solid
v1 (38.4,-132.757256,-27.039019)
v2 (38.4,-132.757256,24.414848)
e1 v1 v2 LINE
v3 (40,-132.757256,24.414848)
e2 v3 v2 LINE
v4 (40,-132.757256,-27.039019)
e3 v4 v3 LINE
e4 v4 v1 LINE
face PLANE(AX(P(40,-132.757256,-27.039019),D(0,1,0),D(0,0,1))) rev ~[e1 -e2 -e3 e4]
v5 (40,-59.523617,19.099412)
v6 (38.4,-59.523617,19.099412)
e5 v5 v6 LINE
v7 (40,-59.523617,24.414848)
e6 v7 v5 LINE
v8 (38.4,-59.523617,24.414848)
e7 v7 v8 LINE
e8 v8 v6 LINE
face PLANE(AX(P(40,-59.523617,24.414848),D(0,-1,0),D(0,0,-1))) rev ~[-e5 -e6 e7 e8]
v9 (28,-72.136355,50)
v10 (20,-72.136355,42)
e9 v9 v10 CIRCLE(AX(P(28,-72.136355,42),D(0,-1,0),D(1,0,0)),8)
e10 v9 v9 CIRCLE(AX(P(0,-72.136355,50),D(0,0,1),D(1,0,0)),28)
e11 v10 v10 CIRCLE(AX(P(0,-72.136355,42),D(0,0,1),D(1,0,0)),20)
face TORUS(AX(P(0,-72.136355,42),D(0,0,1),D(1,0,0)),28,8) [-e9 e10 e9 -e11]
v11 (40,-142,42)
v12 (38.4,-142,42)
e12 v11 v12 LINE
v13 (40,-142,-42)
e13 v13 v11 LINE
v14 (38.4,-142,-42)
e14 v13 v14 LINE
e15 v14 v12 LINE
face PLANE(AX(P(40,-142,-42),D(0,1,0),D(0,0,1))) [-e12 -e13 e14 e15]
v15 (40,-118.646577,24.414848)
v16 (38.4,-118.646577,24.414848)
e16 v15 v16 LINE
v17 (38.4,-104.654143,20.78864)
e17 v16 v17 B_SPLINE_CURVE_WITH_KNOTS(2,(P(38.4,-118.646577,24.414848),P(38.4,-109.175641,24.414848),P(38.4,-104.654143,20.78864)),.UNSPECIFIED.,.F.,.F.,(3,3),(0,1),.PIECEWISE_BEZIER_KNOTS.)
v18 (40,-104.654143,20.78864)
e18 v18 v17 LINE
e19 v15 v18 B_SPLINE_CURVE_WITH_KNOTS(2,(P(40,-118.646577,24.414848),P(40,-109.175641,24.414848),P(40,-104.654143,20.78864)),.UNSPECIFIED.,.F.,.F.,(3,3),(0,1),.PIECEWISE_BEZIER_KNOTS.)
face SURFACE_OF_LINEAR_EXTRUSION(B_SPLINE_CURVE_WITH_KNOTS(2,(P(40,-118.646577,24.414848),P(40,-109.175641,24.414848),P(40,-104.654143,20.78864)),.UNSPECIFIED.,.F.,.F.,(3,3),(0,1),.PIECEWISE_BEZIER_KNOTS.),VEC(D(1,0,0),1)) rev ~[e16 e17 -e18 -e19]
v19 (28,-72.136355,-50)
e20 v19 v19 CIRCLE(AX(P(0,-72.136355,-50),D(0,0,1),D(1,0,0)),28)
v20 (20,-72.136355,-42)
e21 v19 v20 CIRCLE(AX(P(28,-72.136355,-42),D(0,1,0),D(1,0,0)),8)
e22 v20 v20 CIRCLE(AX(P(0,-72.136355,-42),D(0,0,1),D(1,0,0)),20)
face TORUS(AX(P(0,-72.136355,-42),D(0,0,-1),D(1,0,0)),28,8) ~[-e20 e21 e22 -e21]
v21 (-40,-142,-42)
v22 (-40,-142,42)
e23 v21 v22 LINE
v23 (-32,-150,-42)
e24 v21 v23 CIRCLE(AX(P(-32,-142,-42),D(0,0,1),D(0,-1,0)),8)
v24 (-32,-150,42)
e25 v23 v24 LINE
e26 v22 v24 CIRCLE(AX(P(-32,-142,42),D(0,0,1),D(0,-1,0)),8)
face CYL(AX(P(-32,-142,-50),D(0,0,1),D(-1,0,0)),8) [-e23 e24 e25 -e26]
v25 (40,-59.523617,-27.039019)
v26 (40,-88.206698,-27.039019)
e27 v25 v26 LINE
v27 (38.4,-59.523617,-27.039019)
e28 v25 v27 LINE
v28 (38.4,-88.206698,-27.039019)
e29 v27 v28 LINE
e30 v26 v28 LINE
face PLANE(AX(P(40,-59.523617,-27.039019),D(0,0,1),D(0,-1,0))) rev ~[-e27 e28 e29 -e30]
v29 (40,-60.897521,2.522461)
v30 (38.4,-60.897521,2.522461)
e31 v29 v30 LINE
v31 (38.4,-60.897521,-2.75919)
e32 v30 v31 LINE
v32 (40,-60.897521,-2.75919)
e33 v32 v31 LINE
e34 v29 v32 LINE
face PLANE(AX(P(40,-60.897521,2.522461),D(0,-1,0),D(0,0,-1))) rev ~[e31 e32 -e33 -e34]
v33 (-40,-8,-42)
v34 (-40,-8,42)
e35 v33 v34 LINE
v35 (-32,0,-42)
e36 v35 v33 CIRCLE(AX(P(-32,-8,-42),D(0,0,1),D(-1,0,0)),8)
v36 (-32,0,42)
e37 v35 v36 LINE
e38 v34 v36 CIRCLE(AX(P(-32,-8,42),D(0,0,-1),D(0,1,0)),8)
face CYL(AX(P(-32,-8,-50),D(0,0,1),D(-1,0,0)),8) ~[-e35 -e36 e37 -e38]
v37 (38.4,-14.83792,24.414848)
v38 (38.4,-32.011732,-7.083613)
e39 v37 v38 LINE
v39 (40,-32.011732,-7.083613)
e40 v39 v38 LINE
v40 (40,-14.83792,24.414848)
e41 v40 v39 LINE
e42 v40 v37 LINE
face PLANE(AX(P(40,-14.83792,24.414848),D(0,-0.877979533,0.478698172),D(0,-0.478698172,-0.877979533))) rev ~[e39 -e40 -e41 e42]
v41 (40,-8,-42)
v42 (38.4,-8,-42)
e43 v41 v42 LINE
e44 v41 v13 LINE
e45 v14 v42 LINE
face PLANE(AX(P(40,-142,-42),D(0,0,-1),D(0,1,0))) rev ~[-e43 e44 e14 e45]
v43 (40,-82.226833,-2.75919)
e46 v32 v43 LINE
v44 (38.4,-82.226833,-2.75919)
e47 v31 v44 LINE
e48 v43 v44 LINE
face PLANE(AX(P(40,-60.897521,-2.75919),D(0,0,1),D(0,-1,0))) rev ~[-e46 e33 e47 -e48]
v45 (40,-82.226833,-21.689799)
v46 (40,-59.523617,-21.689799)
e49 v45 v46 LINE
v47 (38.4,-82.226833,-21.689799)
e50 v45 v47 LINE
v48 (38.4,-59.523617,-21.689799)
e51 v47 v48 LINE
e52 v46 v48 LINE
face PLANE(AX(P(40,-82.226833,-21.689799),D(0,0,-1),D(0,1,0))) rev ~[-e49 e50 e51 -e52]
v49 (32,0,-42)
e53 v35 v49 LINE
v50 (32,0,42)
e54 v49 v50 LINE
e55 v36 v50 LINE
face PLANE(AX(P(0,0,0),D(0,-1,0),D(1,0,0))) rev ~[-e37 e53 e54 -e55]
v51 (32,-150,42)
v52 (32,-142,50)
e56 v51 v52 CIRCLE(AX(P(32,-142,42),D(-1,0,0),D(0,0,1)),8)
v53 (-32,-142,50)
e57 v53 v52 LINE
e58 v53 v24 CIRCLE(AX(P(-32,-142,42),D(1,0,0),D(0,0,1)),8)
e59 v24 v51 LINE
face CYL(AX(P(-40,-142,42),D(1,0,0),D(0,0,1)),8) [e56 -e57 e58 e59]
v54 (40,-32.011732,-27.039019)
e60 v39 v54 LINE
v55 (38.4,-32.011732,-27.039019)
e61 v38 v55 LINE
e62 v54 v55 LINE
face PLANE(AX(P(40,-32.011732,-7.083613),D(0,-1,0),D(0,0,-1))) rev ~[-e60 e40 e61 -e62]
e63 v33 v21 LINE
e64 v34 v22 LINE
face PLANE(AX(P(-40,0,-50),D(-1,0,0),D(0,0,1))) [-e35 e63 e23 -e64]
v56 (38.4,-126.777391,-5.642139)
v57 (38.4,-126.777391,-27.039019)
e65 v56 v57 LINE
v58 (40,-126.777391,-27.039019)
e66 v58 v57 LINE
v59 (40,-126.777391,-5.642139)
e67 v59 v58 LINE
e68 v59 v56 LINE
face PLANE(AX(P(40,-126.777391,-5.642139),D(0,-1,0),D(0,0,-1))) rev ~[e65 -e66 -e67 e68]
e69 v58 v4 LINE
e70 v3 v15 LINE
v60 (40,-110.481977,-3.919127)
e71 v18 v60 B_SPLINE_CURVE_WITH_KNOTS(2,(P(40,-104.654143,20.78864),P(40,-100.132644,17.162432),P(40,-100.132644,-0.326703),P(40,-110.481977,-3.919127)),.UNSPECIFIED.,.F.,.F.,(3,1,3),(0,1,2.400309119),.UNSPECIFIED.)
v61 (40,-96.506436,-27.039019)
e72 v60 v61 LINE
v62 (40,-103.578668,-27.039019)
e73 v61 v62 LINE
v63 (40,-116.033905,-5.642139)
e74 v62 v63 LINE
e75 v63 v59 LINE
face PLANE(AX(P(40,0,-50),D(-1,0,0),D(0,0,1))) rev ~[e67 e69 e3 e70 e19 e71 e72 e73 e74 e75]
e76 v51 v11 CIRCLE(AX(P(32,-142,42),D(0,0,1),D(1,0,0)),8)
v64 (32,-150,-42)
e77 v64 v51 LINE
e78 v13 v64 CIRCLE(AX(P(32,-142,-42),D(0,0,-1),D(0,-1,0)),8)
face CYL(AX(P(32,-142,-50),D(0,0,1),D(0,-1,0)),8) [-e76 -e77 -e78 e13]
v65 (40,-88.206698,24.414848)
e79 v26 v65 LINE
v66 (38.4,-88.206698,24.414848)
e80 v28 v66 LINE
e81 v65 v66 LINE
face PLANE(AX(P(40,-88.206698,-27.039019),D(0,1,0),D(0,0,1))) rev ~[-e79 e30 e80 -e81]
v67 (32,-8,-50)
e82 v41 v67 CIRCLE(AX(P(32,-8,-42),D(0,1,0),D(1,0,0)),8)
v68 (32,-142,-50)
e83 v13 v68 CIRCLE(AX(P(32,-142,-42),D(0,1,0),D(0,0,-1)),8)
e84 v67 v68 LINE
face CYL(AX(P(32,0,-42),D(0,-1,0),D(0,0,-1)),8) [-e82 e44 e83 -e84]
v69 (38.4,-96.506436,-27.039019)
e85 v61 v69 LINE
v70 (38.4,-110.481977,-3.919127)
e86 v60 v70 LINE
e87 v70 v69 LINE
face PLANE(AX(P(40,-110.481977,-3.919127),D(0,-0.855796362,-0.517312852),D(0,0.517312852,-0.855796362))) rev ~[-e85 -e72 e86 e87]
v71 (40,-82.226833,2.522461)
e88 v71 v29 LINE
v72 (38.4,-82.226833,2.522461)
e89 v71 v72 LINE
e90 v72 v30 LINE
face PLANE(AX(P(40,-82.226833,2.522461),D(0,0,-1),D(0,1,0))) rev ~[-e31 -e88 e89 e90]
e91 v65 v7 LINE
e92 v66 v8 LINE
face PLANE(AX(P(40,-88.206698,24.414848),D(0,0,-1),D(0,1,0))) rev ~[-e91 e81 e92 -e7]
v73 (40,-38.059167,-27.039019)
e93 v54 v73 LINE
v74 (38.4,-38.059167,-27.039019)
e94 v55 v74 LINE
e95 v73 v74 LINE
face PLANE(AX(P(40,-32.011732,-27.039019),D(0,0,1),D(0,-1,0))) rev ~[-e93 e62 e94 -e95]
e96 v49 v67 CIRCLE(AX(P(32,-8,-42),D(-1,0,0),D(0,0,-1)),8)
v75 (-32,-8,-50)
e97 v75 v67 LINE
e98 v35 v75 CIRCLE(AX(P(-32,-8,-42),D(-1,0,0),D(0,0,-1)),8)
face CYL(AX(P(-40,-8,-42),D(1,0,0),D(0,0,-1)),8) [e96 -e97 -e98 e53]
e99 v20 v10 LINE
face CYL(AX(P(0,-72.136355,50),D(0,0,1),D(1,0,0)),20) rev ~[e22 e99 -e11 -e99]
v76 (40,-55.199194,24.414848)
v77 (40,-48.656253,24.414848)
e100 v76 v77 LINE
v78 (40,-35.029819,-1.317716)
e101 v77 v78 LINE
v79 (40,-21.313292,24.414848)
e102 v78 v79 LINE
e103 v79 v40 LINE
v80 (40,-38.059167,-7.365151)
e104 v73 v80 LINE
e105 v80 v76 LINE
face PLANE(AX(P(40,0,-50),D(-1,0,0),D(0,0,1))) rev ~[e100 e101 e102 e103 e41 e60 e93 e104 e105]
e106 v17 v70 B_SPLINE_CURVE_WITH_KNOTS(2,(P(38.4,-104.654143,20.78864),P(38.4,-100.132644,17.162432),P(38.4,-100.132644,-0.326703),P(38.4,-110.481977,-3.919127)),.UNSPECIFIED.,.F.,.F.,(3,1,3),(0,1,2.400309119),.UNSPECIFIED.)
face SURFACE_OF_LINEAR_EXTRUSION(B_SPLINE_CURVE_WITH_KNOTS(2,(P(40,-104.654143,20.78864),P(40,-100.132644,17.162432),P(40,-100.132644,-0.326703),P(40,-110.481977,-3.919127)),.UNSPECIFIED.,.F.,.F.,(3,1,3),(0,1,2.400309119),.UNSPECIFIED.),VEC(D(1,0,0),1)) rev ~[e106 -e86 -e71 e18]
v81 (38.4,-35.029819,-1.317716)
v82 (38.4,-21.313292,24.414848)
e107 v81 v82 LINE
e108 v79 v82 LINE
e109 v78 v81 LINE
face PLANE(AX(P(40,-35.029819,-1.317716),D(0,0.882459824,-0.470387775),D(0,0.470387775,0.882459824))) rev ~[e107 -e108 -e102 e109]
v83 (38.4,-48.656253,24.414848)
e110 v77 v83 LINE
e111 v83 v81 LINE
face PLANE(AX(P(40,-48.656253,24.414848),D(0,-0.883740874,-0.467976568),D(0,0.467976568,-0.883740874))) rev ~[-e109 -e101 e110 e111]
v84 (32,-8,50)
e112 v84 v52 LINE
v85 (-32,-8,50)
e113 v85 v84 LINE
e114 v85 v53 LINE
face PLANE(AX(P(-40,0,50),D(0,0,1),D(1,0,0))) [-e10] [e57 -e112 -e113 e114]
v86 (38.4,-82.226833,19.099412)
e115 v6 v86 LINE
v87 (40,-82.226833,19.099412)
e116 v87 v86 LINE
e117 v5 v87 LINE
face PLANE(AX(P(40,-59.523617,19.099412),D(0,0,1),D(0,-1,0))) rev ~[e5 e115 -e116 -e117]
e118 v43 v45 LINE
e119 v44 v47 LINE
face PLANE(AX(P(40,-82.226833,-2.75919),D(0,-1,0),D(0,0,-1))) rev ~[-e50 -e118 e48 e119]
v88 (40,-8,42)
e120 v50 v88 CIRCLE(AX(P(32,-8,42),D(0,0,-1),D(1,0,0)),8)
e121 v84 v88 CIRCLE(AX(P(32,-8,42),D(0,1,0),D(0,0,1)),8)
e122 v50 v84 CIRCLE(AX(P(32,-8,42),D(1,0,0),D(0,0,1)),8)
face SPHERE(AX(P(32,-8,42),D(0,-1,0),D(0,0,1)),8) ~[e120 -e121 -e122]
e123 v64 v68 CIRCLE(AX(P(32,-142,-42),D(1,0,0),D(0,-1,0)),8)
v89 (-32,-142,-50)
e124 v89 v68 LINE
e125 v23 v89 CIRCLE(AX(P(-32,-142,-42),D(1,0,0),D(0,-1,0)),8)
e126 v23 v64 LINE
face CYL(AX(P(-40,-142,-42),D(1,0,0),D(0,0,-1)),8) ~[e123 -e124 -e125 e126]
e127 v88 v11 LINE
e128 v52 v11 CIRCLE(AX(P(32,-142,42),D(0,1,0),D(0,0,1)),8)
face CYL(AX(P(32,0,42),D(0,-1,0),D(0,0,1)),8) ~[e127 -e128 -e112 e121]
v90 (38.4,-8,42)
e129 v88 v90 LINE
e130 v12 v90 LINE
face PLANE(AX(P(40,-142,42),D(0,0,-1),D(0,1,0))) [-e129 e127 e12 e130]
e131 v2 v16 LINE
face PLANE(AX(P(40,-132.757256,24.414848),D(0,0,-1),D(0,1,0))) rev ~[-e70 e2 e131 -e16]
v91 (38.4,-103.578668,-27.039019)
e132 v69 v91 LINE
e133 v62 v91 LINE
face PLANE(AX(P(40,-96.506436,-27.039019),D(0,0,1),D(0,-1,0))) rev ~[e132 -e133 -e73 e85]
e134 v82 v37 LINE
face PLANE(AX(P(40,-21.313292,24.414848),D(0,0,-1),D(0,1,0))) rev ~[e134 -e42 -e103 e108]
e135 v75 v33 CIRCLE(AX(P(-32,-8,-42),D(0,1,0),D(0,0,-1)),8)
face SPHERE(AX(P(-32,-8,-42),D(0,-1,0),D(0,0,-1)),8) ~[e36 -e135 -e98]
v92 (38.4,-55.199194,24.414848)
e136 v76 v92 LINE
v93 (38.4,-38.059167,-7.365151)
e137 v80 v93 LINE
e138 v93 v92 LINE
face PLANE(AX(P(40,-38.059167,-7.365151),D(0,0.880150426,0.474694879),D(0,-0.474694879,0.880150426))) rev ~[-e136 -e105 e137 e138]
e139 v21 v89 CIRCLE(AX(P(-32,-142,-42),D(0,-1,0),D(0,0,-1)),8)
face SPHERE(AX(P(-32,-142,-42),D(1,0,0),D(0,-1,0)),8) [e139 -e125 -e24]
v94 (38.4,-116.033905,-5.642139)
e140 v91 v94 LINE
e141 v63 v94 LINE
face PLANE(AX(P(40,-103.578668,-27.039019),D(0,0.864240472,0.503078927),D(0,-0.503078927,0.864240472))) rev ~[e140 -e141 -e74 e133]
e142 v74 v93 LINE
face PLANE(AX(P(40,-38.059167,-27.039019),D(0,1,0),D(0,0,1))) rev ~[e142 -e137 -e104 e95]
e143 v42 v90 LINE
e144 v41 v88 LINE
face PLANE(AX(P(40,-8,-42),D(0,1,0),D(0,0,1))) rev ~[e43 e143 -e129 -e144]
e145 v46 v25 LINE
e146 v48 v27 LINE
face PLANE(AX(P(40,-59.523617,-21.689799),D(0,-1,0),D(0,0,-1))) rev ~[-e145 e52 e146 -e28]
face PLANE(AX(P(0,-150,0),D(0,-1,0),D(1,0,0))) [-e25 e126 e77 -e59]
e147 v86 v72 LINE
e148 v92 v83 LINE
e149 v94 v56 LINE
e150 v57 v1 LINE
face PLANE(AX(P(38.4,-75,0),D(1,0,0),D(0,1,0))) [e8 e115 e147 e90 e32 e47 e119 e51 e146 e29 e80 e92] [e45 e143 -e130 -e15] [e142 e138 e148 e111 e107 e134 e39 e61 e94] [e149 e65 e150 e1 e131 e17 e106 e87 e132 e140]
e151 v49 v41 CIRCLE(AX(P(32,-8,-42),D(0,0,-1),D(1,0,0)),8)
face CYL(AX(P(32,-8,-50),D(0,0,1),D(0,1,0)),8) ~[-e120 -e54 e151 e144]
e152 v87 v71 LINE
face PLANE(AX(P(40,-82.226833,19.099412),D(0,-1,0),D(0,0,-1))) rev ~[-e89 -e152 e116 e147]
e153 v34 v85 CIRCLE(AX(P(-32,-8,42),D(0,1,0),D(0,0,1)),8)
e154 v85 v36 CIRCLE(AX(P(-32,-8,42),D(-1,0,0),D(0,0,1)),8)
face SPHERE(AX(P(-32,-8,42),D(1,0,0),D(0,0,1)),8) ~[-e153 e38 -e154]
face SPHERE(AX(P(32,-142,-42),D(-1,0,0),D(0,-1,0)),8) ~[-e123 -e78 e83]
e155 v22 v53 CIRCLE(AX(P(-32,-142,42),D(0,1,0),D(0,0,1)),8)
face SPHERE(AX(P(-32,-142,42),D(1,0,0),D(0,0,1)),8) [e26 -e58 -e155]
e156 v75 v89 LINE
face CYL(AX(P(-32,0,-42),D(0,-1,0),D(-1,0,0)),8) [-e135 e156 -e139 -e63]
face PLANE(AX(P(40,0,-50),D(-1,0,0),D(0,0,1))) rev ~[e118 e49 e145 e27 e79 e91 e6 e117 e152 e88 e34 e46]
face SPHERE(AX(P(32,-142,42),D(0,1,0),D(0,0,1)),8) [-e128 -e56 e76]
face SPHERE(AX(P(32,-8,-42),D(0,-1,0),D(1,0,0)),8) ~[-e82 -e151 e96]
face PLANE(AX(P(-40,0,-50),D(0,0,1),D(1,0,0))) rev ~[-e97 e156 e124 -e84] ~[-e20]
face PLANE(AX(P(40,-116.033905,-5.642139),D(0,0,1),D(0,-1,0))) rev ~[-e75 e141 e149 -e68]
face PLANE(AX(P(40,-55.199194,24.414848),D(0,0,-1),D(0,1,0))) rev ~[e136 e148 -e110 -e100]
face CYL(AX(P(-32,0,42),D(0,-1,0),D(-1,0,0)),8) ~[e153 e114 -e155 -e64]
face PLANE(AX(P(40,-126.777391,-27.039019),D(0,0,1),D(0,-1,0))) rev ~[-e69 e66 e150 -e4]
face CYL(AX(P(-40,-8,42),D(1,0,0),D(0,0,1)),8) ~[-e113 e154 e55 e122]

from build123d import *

# Parameters (mm, degrees)
F0_W     = 80
F0_H     = 100
F1_DEPTH = 150
F2_R     = 20
F3_DEPTH = 141.9
F4_R     = 8
F5_W     = 134
F5_H     = 84
F6_DEPTH = 1.6


with BuildPart() as f1:
    # F0 (on Front) → F1 (new body)
    with BuildSketch(Plane.XZ):
        Rectangle(F0_W, F0_H)
    extrude(amount=F1_DEPTH)

    # F2 (on face) → F3 (cut, symmetric)
    with BuildSketch(Plane.XY.offset(50)):
        with Locations((0, -72.1363547525)):
            Circle(F2_R)
    extrude(amount=F3_DEPTH, both=True, mode=Mode.SUBTRACT)

    # F4
    f4_edges = [f1.edges().sort_by_distance(p)[0] for p in [
        (40, -75, 50),
        (0, 0, 50),
        (0, -150, 50),
        (-40, -75, 50),
        (-20, -72.136355, 50),
        (0, -150, -50),
        (40, -150, 0),
        (-40, -150, 0),
        (40, -75, -50),
        (40, 0, 0),
        (-40, -75, -50),
        (0, 0, -50),
        (-20, -72.136355, -50),
        (-40, 0, 0),
    ]]
    fillet(f4_edges, radius=F4_R)

    # F5 (on face) → F6 (cut)
    with BuildSketch(Plane.YZ.offset(40)):
        with Locations((-75, 0)):
            Rectangle(F5_W, F5_H)
        with BuildLine():
            Line((-116.0339047565, -5.6421386253), (-126.7773912041, -5.6421386253))
            Line((-126.7773912041, -5.6421386253), (-126.7773912041, -27.0390193909))
            Line((-126.7773912041, -27.0390193909), (-132.7572563023, -27.0390193909))
            Line((-132.7572563023, -27.0390193909), (-132.7572563023, 24.4148480924))
            Line((-132.7572563023, 24.4148480924), (-118.6465765131, 24.4148480924))
            add(Edge.make_bspline(
                [(-118.6465765131, 24.4148480924), (-109.1756413953, 24.4148480924), (-104.654142644, 20.7886398784)],
                knots=[0, 0, 0, 1, 1, 1], degree=2))
            add(Edge.make_bspline(
                [(-104.654142644, 20.7886398784), (-100.1326438927, 17.1624316645), (-100.1326438927, 9.876230688)],
                knots=[0, 0, 0, 1, 1, 1], degree=2))
            add(Edge.make_bspline(
                [(-100.1326438927, 9.876230688), (-100.1326438927, -0.3267029824), (-110.4819772736, -3.9191266478)],
                knots=[0, 0, 0, 1, 1, 1], degree=2))
            Line((-110.4819772736, -3.9191266478), (-96.5064356787, -27.0390193909))
            Line((-96.5064356787, -27.0390193909), (-103.5786678476, -27.0390193909))
            Line((-103.5786678476, -27.0390193909), (-116.0339047565, -5.6421386253))
        make_face(mode=Mode.SUBTRACT)
        Polygon((-59.5236165027, -21.6897991995), (-59.5236165027, -27.0390193909), (-88.2066982449, -27.0390193909), (-88.2066982449, 24.4148480924), (-59.5236165027, 24.4148480924), (-59.5236165027, 19.0994124496), (-82.2268331467, 19.0994124496), (-82.2268331467, 2.5224606143), (-60.8975214782, 2.5224606143), (-60.8975214782, -2.75919048), (-82.2268331467, -2.75919048), (-82.2268331467, -21.6897991995), align=None, mode=Mode.SUBTRACT)
        Polygon((-48.656253377, 24.4148480924), (-35.0298187841, -1.3177164074), (-21.3132920617, 24.4148480924), (-14.837920251, 24.4148480924), (-32.0117324445, -7.0836126979), (-32.0117324445, -27.0390193909), (-38.0591666399, -27.0390193909), (-38.0591666399, -7.3651506027), (-55.1991942848, 24.4148480924), align=None, mode=Mode.SUBTRACT)
    extrude(amount=-F6_DEPTH, mode=Mode.SUBTRACT)


solid = f1.part
